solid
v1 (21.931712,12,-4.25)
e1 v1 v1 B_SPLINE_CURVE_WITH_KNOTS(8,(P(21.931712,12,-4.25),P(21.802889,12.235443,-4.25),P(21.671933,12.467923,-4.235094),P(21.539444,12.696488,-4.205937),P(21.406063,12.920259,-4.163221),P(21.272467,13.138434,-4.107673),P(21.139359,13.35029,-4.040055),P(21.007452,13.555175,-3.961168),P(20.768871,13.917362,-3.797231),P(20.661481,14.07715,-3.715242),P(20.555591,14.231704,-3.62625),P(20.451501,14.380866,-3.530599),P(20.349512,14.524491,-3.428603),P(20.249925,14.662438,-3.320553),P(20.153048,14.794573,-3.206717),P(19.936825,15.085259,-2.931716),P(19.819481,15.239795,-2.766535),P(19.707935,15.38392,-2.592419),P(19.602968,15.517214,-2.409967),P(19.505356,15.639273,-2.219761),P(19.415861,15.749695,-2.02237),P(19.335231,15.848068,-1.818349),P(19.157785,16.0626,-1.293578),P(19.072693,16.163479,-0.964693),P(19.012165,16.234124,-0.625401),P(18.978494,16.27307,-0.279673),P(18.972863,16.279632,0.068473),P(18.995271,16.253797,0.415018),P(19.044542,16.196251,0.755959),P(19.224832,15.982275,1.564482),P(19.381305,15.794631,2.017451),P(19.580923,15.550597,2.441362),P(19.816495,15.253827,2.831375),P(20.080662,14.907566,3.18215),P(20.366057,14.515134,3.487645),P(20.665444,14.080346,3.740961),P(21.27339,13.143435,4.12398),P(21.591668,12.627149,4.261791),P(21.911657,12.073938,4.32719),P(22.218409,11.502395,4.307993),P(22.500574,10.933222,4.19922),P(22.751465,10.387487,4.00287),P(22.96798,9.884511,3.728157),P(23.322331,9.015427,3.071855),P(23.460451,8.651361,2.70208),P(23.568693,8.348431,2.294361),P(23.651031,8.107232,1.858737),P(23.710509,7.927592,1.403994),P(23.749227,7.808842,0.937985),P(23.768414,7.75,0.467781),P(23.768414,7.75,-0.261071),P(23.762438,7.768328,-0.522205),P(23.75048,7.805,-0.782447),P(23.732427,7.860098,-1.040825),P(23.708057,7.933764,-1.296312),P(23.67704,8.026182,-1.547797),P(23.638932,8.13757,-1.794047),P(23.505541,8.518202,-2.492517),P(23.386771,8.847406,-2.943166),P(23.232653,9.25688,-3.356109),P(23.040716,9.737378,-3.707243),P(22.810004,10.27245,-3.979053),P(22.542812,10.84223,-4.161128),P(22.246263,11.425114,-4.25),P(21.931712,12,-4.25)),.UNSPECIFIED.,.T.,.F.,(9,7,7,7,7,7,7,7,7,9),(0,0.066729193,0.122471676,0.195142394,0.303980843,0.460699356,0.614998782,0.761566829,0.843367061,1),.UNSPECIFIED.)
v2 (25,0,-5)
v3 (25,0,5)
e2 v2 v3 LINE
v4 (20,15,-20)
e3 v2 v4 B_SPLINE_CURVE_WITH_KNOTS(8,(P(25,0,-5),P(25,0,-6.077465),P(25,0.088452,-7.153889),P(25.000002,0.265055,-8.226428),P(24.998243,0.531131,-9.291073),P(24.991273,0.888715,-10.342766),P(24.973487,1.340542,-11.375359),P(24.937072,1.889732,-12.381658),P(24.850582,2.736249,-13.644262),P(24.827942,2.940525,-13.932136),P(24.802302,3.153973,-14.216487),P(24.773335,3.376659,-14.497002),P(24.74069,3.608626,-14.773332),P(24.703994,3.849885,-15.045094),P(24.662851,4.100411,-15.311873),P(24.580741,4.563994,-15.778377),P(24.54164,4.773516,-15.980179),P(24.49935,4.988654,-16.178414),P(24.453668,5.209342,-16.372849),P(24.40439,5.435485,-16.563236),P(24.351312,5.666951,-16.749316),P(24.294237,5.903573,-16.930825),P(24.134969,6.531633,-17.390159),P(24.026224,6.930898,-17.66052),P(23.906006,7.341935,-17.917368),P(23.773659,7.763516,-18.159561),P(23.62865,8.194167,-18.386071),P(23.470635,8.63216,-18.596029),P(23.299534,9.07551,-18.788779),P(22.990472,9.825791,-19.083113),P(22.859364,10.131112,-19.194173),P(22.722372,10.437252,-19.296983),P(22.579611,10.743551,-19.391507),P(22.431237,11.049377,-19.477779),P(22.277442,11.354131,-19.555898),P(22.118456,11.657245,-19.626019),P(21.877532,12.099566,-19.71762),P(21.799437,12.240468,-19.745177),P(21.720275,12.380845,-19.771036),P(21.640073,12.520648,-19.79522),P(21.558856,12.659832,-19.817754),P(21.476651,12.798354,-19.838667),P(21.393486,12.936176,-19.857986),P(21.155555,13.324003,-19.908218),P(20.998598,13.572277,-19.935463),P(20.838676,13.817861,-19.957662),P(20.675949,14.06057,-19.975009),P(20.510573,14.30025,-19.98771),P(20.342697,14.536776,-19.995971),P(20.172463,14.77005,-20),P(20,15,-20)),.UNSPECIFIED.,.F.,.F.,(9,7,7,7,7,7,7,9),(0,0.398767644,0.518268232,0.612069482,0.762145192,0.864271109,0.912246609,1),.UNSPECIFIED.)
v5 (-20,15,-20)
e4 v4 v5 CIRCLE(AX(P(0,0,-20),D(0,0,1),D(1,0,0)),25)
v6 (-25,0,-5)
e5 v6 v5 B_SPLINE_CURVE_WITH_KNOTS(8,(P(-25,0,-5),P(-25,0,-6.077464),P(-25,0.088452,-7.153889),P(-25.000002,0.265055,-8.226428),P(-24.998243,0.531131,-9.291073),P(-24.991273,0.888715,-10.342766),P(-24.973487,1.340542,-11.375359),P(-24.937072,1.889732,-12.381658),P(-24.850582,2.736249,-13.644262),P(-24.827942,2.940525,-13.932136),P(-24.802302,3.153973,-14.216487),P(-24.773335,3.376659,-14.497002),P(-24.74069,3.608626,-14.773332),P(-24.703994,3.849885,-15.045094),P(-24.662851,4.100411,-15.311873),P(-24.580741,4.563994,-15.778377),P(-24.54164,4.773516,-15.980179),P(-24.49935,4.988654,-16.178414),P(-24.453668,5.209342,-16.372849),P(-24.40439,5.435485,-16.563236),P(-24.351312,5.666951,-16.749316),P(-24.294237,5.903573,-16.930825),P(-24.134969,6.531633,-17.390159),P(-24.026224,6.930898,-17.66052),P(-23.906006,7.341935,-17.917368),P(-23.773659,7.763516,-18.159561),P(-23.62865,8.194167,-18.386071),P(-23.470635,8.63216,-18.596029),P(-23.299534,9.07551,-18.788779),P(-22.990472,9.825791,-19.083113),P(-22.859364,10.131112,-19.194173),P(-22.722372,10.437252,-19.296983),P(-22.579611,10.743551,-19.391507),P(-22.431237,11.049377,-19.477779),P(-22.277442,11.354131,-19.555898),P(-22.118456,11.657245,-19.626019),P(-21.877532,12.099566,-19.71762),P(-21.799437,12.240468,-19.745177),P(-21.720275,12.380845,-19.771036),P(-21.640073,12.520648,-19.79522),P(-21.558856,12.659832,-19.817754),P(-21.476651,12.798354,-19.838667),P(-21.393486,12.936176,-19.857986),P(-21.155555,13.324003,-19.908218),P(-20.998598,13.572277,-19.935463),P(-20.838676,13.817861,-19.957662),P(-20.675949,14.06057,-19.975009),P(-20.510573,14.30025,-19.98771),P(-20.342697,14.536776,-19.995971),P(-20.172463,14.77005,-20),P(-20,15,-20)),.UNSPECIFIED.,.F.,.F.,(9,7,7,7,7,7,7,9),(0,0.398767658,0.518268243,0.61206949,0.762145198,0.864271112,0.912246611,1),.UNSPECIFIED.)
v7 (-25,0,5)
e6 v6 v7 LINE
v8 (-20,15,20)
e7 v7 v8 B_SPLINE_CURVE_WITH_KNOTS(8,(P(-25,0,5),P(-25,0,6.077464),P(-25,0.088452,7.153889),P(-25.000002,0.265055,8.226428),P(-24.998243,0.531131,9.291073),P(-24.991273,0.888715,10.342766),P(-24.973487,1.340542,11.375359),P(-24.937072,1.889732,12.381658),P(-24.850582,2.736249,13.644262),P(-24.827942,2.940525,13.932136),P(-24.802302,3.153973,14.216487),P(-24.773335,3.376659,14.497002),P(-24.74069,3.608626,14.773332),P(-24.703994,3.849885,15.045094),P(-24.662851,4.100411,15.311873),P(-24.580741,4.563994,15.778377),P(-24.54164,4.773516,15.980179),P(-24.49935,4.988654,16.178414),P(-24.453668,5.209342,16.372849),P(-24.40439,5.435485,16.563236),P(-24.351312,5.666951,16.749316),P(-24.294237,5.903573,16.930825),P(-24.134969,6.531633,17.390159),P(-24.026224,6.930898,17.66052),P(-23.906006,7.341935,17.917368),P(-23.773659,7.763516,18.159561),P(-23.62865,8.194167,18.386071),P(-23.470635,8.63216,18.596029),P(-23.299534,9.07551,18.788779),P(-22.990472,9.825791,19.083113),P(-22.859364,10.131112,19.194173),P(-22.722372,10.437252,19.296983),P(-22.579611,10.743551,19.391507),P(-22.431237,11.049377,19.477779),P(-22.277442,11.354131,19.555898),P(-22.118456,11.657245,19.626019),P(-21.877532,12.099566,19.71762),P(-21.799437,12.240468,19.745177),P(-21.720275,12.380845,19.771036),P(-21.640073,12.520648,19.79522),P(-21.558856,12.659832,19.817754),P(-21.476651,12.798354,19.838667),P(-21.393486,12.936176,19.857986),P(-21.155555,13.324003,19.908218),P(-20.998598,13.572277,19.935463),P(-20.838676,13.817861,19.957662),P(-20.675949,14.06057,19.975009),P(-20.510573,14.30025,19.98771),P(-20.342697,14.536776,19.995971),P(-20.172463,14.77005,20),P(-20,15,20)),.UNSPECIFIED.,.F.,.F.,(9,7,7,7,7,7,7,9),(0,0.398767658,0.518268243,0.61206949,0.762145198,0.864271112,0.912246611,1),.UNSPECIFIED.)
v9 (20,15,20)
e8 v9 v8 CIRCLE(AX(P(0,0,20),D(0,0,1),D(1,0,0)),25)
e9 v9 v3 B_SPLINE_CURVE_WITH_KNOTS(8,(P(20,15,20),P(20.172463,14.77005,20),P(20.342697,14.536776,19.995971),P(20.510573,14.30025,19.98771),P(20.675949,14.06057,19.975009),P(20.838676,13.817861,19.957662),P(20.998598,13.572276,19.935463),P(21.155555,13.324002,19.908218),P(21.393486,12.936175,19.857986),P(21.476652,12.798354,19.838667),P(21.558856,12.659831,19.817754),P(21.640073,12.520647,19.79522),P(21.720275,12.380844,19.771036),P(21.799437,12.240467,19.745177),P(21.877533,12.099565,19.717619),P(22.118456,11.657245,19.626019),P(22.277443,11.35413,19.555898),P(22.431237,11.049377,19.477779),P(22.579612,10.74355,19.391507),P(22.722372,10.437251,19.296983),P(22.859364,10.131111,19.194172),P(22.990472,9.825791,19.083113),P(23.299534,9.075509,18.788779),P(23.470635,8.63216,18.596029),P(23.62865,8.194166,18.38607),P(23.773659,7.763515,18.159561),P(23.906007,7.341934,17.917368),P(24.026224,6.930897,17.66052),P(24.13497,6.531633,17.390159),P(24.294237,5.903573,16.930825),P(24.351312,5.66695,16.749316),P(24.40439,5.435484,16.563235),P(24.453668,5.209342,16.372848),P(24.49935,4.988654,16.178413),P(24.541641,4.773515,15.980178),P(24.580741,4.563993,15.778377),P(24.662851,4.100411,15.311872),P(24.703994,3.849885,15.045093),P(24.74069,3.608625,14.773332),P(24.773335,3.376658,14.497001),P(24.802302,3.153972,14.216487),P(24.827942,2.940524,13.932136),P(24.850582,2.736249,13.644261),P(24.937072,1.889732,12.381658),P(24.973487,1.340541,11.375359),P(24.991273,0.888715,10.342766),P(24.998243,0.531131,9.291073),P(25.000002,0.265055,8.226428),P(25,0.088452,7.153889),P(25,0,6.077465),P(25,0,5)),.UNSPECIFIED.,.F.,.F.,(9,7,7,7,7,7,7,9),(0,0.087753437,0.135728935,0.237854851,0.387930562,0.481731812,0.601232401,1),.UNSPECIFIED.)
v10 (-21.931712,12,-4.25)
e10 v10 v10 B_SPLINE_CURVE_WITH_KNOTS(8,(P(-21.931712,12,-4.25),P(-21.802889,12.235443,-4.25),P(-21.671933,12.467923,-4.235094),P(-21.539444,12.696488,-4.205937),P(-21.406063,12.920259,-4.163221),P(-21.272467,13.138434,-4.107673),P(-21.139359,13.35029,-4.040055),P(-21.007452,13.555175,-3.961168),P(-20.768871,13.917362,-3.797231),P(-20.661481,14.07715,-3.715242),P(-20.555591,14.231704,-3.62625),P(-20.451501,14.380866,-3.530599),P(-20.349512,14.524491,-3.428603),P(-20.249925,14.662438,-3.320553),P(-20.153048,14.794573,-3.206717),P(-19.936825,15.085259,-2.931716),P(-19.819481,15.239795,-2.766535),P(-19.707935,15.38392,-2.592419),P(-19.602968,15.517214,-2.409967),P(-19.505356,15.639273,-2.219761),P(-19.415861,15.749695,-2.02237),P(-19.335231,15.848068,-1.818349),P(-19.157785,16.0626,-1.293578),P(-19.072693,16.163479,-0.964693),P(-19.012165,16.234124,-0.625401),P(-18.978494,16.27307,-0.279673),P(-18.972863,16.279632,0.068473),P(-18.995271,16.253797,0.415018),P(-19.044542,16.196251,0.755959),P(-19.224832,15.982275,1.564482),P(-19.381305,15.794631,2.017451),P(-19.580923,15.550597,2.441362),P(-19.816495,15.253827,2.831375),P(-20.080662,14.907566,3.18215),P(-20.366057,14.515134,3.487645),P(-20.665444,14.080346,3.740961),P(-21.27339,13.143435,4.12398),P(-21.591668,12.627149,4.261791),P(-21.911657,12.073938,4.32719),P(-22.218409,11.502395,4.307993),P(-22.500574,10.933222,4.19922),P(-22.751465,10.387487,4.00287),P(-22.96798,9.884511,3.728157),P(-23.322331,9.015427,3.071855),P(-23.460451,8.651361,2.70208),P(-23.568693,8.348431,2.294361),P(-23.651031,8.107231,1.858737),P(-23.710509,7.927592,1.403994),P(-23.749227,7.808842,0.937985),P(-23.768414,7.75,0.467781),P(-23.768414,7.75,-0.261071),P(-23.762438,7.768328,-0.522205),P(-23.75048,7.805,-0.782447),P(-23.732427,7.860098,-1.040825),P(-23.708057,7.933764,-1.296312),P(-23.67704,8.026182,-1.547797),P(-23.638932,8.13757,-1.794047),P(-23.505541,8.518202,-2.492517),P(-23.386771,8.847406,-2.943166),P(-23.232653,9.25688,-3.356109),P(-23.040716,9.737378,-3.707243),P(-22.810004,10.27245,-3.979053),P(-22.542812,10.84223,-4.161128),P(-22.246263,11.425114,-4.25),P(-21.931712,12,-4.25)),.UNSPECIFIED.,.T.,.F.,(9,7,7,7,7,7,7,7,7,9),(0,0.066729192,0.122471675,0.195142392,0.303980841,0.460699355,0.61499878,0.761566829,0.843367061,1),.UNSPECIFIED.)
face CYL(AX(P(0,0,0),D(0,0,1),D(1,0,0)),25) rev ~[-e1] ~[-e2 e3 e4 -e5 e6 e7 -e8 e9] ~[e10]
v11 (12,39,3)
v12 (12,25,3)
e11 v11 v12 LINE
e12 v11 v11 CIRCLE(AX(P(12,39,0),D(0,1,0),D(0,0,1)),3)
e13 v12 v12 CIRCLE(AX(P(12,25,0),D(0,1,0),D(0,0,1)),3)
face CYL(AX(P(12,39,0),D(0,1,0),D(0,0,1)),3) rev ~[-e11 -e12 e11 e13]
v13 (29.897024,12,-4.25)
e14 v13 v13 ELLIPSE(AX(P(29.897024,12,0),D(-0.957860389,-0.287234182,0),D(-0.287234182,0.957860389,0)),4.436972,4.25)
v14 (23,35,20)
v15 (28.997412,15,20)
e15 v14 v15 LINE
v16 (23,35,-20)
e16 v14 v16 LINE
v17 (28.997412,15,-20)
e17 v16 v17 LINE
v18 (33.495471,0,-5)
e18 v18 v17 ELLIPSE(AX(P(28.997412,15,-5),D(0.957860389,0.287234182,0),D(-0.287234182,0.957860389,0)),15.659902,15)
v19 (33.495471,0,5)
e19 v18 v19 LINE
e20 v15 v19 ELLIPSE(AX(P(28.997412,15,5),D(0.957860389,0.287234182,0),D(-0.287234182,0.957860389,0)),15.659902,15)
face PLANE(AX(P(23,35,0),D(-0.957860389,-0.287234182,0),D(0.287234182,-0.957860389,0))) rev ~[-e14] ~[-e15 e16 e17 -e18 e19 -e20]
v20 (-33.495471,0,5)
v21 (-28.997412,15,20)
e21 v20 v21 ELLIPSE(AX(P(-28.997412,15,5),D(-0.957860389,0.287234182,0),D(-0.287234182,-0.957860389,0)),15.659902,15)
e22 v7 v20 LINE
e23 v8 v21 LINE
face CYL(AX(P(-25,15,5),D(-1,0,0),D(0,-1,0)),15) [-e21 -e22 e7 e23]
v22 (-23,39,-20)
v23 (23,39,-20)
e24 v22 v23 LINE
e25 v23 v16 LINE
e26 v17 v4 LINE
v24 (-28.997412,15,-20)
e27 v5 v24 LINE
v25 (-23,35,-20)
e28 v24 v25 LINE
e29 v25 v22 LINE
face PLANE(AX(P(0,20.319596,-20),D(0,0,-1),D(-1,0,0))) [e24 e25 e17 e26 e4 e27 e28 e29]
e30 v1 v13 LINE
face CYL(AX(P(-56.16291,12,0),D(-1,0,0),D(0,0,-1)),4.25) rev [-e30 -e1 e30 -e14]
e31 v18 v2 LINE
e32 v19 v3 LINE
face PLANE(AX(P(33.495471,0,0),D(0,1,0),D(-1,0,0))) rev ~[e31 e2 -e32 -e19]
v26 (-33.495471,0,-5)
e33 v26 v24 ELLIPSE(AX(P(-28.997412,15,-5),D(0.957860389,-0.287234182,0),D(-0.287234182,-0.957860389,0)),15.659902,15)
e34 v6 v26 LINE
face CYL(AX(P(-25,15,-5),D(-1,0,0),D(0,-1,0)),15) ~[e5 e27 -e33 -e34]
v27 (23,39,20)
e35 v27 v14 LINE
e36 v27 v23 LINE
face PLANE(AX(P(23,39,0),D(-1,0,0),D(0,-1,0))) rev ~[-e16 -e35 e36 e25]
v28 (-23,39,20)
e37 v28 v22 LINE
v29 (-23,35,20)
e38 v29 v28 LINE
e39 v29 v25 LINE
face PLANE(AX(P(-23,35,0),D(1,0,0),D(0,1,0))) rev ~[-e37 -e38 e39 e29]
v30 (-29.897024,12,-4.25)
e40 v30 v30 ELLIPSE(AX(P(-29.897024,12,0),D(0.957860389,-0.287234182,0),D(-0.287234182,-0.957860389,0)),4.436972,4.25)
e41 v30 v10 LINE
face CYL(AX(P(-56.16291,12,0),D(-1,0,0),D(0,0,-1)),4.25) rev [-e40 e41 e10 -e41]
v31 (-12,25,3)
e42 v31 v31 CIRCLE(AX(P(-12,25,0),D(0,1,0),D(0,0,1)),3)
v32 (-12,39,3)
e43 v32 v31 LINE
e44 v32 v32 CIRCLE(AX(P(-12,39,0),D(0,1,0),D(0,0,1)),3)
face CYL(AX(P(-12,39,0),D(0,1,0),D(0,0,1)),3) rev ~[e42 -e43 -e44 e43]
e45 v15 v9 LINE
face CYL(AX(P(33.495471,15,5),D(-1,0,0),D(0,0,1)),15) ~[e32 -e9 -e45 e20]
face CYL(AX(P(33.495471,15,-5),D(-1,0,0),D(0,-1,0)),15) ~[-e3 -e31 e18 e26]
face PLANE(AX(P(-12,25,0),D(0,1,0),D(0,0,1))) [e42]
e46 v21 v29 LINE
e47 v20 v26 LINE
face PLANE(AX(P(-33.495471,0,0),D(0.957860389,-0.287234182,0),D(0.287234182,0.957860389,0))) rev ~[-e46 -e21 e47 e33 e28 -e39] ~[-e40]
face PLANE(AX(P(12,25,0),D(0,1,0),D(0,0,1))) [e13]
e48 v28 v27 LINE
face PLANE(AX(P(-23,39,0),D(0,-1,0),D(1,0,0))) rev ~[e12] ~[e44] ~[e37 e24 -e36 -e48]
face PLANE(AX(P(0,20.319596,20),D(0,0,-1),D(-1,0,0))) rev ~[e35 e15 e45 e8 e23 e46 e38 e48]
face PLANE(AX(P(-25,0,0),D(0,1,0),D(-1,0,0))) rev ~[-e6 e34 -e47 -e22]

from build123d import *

# Parameters (mm, degrees)
BOSS_EXTRUDE1_DEPTH     = 20
FILLET1_R               = 15
CUT_EXTRUDE1_DEPTH      = 56.162909807
CUT_EXTRUDE1_DEPTH_BACK = 56.162909807
SKETCH3_R               = 4.25
SKETCH4_R               = 3
CUT_EXTRUDE2_DEPTH      = 14


with BuildPart() as part:
    # Sketch1 → Boss-Extrude1 (new, symmetric)
    with BuildSketch(Plane.XY):
        with BuildLine():
            Line((-25, 0), (-33.49547145, 0))
            Line((-33.49547145, 0), (-23, 35))
            Line((-23, 35), (-23, 39))
            Line((-23, 39), (23, 39))
            Line((23, 39), (23, 35))
            Line((23, 35), (33.49547145, 0))
            Line((33.49547145, 0), (25, 0))
            ThreePointArc((25, 0), (0, 25), (-25, 0))
        make_face()
    extrude(amount=BOSS_EXTRUDE1_DEPTH, both=True)

    # Fillet1
    fillet1_edges = [part.edges().sort_by_distance(p)[0] for p in [
        (-29.247735725, 0, 20),
        (29.247735725, 0, 20),
        (29.247735725, 0, -20),
        (-29.247735725, 0, -20),
    ]]
    fillet(fillet1_edges, radius=FILLET1_R)

    # Sketch3 → Cut-Extrude1 (cut, two sides: drawn at the far end of the back side and taken through both)
    with BuildSketch(Plane(origin=(0, 0, 0), x_dir=(0, 0, -1), z_dir=(1, 0, 0)).offset(-CUT_EXTRUDE1_DEPTH_BACK)):
        with Locations((0, 12)):
            Circle(SKETCH3_R)
    extrude(amount=CUT_EXTRUDE1_DEPTH + CUT_EXTRUDE1_DEPTH_BACK, mode=Mode.SUBTRACT)

    # Sketch4 → Cut-Extrude2 (cut)
    with BuildSketch(Plane(origin=(0, 39, 0), x_dir=(1, 0, 0), z_dir=(0, 1, 0))):
        with Locations(Location((-12, 0, 0), (0, 0, 270))):
            Circle(SKETCH4_R)
        with Locations(Location((12, 0, 0), (0, 0, 270))):
            Circle(SKETCH4_R)
    extrude(amount=-CUT_EXTRUDE2_DEPTH, mode=Mode.SUBTRACT)


solid = part.part
